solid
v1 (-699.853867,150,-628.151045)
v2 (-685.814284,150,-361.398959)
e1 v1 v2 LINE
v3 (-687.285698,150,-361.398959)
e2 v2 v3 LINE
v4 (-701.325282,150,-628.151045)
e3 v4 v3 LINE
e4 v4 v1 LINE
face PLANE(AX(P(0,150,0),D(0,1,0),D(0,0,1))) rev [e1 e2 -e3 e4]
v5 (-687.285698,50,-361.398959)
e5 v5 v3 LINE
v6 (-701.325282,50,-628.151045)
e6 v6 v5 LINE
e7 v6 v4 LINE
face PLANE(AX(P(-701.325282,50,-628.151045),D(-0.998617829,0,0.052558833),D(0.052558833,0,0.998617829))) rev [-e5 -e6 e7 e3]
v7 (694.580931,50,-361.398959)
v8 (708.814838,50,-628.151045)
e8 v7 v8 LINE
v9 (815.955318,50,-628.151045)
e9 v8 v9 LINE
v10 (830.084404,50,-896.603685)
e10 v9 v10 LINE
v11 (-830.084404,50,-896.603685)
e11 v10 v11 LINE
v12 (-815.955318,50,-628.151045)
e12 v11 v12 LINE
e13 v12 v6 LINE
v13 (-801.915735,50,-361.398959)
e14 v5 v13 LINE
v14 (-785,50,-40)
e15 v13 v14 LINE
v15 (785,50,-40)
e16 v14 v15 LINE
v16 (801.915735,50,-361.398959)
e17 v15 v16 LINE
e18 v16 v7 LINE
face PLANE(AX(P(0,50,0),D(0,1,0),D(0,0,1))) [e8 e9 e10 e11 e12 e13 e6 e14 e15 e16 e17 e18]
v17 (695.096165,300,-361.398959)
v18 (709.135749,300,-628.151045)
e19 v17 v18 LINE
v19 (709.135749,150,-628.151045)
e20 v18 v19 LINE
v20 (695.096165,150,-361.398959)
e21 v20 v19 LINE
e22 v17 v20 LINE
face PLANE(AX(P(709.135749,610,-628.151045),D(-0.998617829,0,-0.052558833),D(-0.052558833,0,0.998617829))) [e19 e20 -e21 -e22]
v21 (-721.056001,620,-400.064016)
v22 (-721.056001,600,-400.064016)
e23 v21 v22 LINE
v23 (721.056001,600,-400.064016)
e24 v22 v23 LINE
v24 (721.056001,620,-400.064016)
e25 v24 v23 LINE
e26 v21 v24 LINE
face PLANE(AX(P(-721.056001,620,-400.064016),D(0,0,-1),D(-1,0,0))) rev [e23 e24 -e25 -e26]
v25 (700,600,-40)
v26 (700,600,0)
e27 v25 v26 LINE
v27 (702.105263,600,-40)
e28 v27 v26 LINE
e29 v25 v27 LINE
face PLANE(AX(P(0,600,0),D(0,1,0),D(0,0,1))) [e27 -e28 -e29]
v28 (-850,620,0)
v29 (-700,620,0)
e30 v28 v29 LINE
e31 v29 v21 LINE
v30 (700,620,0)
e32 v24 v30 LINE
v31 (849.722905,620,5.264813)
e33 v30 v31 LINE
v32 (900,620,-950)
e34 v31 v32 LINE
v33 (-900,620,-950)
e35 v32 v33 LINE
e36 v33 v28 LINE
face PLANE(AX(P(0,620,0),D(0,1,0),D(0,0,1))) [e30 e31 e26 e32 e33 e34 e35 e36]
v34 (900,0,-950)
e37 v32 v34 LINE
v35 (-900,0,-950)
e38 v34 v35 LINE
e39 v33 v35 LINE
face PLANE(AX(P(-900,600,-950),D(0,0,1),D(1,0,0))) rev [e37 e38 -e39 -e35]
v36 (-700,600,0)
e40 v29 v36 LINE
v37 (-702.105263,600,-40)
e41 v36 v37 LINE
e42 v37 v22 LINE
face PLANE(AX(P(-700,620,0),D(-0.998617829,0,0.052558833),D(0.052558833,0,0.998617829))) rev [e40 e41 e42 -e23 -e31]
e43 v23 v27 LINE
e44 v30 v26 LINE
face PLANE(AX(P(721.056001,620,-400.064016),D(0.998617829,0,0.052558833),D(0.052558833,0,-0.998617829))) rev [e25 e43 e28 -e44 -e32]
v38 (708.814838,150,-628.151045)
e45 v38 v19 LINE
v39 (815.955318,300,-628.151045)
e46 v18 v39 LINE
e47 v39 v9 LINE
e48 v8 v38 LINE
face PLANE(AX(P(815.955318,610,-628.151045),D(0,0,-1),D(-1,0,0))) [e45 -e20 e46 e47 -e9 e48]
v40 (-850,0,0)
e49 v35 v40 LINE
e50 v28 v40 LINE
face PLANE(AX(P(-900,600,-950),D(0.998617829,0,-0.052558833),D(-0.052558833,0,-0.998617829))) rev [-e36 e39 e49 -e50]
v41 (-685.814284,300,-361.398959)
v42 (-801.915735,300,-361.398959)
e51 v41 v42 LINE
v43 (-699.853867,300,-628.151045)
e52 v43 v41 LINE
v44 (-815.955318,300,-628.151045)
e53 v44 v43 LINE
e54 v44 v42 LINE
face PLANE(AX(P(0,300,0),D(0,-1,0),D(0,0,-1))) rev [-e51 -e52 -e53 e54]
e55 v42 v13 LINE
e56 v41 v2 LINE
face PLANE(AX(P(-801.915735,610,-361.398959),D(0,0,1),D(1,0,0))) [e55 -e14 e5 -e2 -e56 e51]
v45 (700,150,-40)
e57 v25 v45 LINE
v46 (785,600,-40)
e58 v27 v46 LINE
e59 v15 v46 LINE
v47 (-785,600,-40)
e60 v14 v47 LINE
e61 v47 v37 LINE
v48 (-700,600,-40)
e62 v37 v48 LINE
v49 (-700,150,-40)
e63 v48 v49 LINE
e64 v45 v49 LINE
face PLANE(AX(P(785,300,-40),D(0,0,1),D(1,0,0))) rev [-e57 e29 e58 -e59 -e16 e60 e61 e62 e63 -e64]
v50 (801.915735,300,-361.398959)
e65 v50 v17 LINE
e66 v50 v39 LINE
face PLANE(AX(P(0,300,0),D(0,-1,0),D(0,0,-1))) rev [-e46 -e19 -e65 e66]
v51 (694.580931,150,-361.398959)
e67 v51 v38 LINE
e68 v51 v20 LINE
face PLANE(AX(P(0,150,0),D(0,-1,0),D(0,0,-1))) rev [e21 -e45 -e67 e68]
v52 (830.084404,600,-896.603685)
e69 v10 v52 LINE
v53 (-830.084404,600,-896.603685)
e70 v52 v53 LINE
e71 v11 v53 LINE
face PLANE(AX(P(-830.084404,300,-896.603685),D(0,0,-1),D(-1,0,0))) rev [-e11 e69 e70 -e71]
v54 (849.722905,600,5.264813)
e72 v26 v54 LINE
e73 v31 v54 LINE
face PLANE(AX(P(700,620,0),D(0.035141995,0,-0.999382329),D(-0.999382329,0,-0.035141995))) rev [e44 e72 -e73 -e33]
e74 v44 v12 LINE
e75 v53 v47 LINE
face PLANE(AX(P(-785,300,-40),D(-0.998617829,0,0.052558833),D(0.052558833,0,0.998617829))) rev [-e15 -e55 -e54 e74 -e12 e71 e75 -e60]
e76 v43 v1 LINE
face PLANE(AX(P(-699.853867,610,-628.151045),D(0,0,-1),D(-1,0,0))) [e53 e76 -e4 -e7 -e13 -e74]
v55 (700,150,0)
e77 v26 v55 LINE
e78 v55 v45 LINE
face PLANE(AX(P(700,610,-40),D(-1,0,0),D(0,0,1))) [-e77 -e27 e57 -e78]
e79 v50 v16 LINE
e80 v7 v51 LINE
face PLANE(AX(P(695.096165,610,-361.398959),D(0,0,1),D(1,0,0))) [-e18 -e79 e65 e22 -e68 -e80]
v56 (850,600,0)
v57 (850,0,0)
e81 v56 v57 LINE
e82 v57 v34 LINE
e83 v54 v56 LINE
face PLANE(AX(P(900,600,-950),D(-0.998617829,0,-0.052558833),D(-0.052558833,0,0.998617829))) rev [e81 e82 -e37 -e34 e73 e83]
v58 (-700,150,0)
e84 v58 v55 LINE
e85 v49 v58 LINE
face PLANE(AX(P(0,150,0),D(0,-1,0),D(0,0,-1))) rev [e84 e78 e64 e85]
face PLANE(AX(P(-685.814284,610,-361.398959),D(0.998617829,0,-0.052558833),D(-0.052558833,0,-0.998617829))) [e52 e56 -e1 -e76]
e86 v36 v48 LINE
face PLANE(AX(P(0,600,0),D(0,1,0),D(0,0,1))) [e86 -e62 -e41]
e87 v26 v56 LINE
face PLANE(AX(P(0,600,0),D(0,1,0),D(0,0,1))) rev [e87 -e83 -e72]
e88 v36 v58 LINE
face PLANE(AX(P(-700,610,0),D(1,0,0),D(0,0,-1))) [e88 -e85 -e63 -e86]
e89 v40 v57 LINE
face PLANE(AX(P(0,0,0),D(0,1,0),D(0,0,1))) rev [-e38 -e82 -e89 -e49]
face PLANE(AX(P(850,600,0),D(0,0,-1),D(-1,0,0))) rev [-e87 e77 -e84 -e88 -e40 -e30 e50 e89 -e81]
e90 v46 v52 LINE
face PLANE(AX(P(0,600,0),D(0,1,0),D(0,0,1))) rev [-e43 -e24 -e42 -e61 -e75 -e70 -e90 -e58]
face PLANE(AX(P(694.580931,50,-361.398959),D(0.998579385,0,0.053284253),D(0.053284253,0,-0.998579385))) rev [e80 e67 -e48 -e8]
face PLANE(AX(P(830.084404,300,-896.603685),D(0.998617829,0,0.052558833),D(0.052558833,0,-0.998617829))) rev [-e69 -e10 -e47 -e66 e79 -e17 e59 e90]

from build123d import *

# Parameters (mm, degrees)
EXTRUDE_1_DEPTH          = 600
CUT_EXTRUDE_1_DEPTH      = 300
CUT_EXTRUDE_2_DEPTH      = 310
CUT_EXTRUDE_2_DEPTH_BACK = 150
CUT_EXTRUDE_3_DEPTH      = 100
EXTRUDE_2_DEPTH          = 20


with BuildPart() as part:
    # Эскиз1 → Бобышка-Вытянуть1 (new body)
    with BuildSketch(Plane(origin=(0, 0, 0), x_dir=(1, 0, 0), z_dir=(0, 1, 0))):
        Polygon((-900, 950), (900, 950), (850, 0), (-850, 0), align=None)
    extrude(amount=EXTRUDE_1_DEPTH)

    # Эскиз3 → Вырез-Вытянуть1 (cut)
    with BuildSketch(Plane(origin=(0, 600, 0), x_dir=(1, 0, 0), z_dir=(0, 1, 0))):
        Polygon((-830.084404496, 896.603685423), (830.084404496, 896.603685423), (785, 40), (-785, 40), align=None)
    extrude(amount=-CUT_EXTRUDE_1_DEPTH, mode=Mode.SUBTRACT)

    # Эскиз4 → Вырез-Вытянуть2 (cut, two sides)
    with BuildSketch(Plane(origin=(0, 300, 0), x_dir=(1, 0, 0), z_dir=(0, 1, 0))) as cut_extrude_2_sk:
        Polygon((-830.084404496, 896.603685423), (830.084404496, 896.603685423), (815.955318169, 628.151045218), (709.135748769, 628.151045218), (695.096165279, 361.398958916), (801.91573468, 361.398958916), (785, 40), (700, 40), (700, 0), (-700, 0), (-700, 40), (-785, 40), (-801.91573468, 361.398958916), (-685.814283751, 361.398958916), (-699.85386724, 628.151045218), (-815.955318169, 628.151045218), align=None)
    extrude(amount=CUT_EXTRUDE_2_DEPTH, mode=Mode.SUBTRACT)
    extrude(cut_extrude_2_sk.sketch, amount=-CUT_EXTRUDE_2_DEPTH_BACK, mode=Mode.SUBTRACT)

    # Эскиз5 → Вырез-Вытянуть3 (cut)
    with BuildSketch(Plane(origin=(0, 150, 0), x_dir=(1, 0, 0), z_dir=(0, 1, 0))):
        Polygon((-830.084404496, 896.603685423), (-815.955318169, 628.151045218), (-701.325281658, 628.151045218), (-687.285698169, 361.398958916), (-801.91573468, 361.398958916), (-785, 40), (785, 40), (801.91573468, 361.398958916), (694.58093137, 361.398958916), (708.814837931, 628.151045218), (815.955318169, 628.151045218), (830.084404496, 896.603685423), align=None)
    extrude(amount=-CUT_EXTRUDE_3_DEPTH, mode=Mode.SUBTRACT)

    # Эскиз6 → Бобышка-Вытянуть2 (add)
    with BuildSketch(Plane(origin=(0, 600, 0), x_dir=(1, 0, 0), z_dir=(0, 1, 0))):
        Polygon((-900, 950), (-850, 0), (-700, 0), (-721.056000817, 400.064015528), (721.056000817, 400.064015528), (700, 0), (849.722904554, -5.264813473), (900, 950), align=None)
    extrude(amount=EXTRUDE_2_DEPTH)


solid = part.part
